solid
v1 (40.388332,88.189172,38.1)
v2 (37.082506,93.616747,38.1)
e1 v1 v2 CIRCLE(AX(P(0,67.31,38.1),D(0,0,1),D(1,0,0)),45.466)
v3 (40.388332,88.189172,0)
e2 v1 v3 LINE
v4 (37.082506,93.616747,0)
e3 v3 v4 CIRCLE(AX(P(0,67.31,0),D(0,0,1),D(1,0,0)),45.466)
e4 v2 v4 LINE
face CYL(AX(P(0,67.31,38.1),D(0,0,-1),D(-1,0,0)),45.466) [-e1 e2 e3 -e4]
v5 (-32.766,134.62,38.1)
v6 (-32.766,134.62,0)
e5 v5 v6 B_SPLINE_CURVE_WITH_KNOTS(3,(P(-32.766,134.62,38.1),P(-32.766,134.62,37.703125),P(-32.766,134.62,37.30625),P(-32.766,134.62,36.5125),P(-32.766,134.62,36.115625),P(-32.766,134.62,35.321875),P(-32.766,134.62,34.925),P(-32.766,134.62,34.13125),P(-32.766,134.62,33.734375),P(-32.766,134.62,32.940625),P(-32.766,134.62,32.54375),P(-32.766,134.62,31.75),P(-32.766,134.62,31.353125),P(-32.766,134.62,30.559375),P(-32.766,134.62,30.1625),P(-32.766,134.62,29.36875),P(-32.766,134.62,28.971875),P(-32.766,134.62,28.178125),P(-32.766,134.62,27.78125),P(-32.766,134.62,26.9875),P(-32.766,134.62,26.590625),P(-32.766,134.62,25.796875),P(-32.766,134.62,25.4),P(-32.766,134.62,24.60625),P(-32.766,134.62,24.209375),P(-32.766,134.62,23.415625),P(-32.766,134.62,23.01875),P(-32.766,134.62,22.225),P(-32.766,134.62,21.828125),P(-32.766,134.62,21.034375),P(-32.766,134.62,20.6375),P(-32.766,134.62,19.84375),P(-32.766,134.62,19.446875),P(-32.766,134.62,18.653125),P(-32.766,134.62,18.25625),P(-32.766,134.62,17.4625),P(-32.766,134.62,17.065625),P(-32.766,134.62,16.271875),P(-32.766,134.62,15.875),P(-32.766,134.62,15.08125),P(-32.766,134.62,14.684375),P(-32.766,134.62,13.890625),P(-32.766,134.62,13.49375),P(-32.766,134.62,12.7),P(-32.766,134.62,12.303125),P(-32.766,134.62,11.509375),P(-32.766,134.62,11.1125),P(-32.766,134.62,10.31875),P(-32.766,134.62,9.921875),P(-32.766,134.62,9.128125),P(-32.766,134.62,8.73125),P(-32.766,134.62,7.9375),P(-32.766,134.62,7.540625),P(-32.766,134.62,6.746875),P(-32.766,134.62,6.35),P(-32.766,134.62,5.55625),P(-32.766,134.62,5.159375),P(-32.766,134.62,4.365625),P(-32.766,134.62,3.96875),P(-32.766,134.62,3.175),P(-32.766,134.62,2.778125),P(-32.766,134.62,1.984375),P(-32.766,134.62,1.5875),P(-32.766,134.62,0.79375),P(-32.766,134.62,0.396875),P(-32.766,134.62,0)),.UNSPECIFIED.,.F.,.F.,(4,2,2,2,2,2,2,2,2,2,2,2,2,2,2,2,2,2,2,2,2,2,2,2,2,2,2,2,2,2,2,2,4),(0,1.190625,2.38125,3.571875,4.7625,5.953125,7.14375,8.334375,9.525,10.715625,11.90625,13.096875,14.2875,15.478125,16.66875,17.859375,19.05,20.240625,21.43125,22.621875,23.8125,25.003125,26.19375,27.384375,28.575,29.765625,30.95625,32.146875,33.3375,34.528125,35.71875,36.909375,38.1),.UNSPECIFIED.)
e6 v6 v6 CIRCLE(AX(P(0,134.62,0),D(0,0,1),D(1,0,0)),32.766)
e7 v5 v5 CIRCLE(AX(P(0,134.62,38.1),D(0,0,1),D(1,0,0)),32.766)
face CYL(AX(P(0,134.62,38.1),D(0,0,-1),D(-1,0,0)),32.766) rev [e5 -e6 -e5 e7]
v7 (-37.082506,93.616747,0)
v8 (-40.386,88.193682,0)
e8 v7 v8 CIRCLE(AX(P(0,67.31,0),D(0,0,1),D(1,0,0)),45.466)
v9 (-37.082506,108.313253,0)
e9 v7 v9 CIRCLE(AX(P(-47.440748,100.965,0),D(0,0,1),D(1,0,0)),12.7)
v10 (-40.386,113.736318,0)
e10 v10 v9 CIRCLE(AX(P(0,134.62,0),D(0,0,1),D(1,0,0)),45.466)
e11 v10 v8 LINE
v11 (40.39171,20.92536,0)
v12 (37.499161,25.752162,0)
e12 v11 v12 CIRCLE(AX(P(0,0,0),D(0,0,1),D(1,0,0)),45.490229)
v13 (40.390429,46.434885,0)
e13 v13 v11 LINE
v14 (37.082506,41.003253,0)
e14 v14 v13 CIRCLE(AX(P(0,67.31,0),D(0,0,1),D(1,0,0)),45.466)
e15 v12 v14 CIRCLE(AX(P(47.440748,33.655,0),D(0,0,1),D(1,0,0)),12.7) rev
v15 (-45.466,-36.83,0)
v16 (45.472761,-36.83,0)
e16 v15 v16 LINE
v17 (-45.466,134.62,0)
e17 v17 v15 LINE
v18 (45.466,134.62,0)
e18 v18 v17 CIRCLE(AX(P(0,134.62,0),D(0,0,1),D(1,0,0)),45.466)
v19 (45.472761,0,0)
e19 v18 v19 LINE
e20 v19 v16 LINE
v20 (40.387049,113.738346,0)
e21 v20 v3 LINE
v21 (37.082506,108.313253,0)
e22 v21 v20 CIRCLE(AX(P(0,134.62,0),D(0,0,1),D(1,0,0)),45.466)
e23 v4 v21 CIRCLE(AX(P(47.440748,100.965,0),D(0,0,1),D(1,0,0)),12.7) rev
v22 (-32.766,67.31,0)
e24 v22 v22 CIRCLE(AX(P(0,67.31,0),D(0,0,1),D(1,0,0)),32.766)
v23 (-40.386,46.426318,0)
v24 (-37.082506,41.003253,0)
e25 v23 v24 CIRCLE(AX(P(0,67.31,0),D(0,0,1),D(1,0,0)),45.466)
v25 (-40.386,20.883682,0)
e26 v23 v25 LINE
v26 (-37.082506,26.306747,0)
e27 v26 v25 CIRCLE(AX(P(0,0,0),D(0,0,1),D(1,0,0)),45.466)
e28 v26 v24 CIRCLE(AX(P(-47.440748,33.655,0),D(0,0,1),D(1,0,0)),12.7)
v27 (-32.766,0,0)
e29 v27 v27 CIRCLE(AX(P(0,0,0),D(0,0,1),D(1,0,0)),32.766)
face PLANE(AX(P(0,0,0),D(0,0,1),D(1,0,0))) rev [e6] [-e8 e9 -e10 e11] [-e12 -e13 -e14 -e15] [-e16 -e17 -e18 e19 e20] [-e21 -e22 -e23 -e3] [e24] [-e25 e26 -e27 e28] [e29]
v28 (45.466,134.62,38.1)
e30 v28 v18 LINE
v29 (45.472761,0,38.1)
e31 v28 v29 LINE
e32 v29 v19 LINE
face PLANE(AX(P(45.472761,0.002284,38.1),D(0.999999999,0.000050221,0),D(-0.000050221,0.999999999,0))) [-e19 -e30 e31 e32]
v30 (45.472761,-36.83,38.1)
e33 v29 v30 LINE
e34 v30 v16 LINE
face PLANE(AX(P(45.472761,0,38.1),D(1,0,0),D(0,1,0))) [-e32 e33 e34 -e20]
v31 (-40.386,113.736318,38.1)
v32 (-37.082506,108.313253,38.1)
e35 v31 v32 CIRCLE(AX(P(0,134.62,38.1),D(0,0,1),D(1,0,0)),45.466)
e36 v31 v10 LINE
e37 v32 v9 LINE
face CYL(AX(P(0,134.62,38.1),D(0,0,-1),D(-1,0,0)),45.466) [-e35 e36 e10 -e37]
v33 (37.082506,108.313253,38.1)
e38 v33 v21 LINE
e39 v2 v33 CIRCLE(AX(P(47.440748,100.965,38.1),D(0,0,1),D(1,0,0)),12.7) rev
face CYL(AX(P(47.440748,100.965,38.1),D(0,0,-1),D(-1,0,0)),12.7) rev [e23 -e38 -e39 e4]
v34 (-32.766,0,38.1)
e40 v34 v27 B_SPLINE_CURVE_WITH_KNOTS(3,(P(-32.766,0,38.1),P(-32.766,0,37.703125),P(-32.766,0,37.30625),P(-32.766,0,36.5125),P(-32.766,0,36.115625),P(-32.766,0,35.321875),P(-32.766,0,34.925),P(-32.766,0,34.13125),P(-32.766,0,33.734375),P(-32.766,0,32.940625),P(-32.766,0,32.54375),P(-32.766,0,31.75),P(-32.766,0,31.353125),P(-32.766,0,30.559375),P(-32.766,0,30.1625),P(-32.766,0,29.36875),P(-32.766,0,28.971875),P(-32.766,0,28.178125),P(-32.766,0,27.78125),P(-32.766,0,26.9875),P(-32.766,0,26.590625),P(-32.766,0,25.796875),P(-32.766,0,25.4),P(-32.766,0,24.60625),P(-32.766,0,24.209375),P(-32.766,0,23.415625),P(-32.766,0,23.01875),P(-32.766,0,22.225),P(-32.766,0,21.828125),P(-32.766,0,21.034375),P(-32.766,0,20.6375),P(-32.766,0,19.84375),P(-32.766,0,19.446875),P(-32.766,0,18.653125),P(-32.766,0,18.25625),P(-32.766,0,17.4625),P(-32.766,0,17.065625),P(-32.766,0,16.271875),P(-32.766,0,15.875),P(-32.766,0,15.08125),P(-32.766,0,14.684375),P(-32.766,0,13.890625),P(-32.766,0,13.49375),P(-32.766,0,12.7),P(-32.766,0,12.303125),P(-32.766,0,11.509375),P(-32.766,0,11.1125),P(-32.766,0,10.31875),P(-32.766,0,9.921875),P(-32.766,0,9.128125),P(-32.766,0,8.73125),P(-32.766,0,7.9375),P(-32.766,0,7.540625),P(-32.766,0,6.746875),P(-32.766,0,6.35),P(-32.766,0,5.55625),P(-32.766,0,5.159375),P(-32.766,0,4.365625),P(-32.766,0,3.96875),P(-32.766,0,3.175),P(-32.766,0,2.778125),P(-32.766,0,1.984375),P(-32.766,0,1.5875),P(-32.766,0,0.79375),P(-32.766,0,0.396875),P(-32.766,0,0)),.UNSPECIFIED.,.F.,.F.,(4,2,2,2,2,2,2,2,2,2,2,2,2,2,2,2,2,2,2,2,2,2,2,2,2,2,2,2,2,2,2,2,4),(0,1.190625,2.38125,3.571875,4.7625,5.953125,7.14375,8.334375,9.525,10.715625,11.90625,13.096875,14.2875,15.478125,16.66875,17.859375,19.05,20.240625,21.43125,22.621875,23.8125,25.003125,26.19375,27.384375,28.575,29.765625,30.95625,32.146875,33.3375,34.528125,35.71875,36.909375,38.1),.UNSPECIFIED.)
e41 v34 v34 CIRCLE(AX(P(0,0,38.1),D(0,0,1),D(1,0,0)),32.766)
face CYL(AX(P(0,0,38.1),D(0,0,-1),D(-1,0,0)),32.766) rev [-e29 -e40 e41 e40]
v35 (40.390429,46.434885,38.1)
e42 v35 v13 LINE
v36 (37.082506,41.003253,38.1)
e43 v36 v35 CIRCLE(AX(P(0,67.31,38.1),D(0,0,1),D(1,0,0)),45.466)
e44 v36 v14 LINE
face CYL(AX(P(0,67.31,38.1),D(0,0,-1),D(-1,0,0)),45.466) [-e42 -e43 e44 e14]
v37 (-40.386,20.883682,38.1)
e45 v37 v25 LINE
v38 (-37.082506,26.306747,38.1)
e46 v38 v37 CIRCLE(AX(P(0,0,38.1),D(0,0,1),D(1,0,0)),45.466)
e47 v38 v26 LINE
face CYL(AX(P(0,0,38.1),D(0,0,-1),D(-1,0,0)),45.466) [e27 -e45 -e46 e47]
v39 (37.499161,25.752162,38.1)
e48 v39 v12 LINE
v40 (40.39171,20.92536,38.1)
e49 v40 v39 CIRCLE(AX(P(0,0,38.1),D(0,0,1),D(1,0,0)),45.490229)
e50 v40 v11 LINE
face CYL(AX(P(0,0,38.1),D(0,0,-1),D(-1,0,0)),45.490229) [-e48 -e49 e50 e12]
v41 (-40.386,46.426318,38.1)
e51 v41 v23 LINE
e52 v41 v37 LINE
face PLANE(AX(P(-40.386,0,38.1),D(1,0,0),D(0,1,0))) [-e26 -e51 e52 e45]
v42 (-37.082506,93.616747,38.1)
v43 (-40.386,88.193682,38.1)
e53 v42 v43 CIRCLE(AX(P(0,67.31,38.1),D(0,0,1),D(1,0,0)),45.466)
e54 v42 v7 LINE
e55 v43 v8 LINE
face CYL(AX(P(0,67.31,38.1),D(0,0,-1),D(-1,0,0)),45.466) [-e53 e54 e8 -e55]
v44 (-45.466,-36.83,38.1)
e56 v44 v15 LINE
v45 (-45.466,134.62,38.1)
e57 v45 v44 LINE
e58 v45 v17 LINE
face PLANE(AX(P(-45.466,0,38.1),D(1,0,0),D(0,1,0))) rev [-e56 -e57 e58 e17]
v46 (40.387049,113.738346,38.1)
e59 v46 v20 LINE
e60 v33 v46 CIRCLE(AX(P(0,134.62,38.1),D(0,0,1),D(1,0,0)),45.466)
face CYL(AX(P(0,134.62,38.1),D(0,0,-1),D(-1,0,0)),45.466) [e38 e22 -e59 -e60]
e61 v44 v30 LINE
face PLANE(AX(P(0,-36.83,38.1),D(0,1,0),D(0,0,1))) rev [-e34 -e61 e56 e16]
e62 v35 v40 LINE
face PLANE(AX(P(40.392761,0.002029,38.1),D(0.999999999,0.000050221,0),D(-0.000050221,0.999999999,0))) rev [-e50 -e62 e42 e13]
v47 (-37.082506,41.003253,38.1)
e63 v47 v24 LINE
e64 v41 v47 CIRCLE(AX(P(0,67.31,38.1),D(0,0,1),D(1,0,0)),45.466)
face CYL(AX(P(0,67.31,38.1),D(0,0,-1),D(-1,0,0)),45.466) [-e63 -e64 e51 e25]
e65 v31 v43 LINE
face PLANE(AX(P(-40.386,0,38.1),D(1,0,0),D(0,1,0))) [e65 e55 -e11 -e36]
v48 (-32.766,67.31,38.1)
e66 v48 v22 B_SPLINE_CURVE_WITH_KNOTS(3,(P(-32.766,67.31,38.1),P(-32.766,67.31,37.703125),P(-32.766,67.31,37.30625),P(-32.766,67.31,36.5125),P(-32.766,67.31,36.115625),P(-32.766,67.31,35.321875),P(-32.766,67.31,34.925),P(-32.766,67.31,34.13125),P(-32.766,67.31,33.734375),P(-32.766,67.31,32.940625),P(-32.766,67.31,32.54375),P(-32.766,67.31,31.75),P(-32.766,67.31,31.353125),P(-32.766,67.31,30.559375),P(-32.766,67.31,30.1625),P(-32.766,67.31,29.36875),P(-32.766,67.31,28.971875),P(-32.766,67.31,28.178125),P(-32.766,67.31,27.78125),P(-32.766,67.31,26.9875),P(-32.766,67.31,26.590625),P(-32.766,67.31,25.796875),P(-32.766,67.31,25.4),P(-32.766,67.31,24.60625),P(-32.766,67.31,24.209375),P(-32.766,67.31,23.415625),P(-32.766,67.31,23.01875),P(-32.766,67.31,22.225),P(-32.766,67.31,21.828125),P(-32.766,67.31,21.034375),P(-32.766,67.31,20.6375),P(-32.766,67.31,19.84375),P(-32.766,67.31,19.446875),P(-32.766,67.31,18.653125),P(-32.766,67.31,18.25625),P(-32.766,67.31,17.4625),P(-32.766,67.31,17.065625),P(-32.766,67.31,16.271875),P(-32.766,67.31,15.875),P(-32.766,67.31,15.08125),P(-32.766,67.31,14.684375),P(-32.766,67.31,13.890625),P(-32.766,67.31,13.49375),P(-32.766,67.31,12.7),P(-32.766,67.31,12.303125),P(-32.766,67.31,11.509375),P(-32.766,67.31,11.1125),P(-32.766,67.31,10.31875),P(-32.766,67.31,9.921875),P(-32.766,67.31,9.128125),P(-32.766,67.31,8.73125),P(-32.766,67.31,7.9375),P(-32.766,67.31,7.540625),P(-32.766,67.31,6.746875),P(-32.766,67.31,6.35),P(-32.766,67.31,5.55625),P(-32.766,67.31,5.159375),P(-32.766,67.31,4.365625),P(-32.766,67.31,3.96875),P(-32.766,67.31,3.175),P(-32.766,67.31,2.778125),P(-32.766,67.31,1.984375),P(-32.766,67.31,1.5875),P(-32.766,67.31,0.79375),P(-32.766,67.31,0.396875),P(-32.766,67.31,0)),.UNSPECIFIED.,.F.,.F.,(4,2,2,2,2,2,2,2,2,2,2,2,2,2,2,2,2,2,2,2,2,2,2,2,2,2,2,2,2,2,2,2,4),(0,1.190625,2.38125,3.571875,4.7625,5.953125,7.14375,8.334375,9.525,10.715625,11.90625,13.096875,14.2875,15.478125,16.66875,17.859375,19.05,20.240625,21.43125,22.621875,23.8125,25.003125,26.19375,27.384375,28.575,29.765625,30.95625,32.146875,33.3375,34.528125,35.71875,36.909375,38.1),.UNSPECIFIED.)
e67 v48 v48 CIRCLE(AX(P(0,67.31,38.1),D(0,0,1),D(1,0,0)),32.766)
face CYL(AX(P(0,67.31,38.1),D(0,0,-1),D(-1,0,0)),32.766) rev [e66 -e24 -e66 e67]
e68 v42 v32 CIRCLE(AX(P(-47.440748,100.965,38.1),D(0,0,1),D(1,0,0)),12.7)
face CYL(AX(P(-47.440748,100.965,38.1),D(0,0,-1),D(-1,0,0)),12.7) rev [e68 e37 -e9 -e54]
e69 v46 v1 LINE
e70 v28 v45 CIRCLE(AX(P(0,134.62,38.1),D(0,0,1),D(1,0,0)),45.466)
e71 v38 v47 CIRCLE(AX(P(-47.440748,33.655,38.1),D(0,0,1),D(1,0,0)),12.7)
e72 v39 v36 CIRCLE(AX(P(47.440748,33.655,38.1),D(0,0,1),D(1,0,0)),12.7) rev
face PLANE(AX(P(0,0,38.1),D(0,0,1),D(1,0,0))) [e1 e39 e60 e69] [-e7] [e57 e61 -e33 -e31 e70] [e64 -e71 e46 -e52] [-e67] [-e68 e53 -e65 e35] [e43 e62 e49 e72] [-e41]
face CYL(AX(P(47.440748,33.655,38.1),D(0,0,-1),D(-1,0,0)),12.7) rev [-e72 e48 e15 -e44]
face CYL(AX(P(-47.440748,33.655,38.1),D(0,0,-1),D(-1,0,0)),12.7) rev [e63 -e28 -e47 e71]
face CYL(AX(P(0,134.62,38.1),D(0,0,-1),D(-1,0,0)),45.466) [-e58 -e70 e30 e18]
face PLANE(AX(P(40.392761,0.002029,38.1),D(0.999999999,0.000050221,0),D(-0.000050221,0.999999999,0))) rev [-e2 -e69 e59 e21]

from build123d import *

# Parameters (mm, degrees)
SKETCH1_R           = 32.766
BOSS_EXTRUDE1_DEPTH = 38.1


with BuildPart() as part:
    # Sketch1 → Boss-Extrude1 (new body)
    with BuildSketch(Plane.XY):
        with BuildLine():
            ThreePointArc((45.466, 134.62), (0, 180.086), (-45.466, 134.62))
            Line((-45.466, 134.62), (-45.466, -36.83))
            Line((-45.466, -36.83), (45.472760733, -36.83))
            Line((45.472760733, -36.83), (45.472760733, 0))
            Line((45.472760733, 0), (45.466, 134.62))
        make_face()
        with Locations(Location((0, 0, 0), (0, 0, 180))):
            Circle(SKETCH1_R, mode=Mode.SUBTRACT)
        with BuildLine():
            Line((-40.386, 20.883681668), (-40.386, 46.426318332))
            ThreePointArc((-40.386, 46.426318332), (-38.829045243, 43.657042436), (-37.082505751, 41.003253275))
            ThreePointArc((-37.082505751, 41.003253275), (-34.740747581, 33.655), (-37.082505751, 26.306746725))
            ThreePointArc((-37.082505751, 26.306746725), (-38.829045243, 23.652957564), (-40.386, 20.883681668))
        make_face(mode=Mode.SUBTRACT)
        with Locations(Location((0, 67.31, 0), (0, 0, 180))):
            Circle(SKETCH1_R, mode=Mode.SUBTRACT)
        with BuildLine():
            ThreePointArc((37.082505751, 41.003253275), (38.831553537, 43.661160581), (40.390428727, 46.434885072))
            Line((40.390428727, 46.434885072), (40.391709837, 20.925359586))
            ThreePointArc((40.391709837, 20.925359586), (39.020141495, 23.38352957), (37.499160948, 25.752161572))
            ThreePointArc((37.499160948, 25.752161572), (34.745484352, 33.308169261), (37.082505751, 41.003253275))
        make_face(mode=Mode.SUBTRACT)
        with BuildLine():
            Line((-40.386, 88.193681668), (-40.386, 113.736318332))
            ThreePointArc((-40.386, 113.736318332), (-38.829045243, 110.967042436), (-37.082505751, 108.313253275))
            ThreePointArc((-37.082505751, 108.313253275), (-34.740747581, 100.965), (-37.082505751, 93.616746725))
            ThreePointArc((-37.082505751, 93.616746725), (-38.829045243, 90.962957564), (-40.386, 88.193681668))
        make_face(mode=Mode.SUBTRACT)
        with Locations(Location((0, 134.62, 0), (0, 0, 180))):
            Circle(SKETCH1_R, mode=Mode.SUBTRACT)
        with BuildLine():
            ThreePointArc((37.082505751, 108.313253275), (38.829639134, 110.968017404), (40.387048688, 113.738346468))
            Line((40.387048688, 113.738346468), (40.38833179, 88.189171708))
            ThreePointArc((40.38833179, 88.189171708), (38.830365823, 90.960789544), (37.082505751, 93.616746725))
            ThreePointArc((37.082505751, 93.616746725), (34.740747581, 100.965), (37.082505751, 108.313253275))
        make_face(mode=Mode.SUBTRACT)
    extrude(amount=BOSS_EXTRUDE1_DEPTH)


solid = part.part
